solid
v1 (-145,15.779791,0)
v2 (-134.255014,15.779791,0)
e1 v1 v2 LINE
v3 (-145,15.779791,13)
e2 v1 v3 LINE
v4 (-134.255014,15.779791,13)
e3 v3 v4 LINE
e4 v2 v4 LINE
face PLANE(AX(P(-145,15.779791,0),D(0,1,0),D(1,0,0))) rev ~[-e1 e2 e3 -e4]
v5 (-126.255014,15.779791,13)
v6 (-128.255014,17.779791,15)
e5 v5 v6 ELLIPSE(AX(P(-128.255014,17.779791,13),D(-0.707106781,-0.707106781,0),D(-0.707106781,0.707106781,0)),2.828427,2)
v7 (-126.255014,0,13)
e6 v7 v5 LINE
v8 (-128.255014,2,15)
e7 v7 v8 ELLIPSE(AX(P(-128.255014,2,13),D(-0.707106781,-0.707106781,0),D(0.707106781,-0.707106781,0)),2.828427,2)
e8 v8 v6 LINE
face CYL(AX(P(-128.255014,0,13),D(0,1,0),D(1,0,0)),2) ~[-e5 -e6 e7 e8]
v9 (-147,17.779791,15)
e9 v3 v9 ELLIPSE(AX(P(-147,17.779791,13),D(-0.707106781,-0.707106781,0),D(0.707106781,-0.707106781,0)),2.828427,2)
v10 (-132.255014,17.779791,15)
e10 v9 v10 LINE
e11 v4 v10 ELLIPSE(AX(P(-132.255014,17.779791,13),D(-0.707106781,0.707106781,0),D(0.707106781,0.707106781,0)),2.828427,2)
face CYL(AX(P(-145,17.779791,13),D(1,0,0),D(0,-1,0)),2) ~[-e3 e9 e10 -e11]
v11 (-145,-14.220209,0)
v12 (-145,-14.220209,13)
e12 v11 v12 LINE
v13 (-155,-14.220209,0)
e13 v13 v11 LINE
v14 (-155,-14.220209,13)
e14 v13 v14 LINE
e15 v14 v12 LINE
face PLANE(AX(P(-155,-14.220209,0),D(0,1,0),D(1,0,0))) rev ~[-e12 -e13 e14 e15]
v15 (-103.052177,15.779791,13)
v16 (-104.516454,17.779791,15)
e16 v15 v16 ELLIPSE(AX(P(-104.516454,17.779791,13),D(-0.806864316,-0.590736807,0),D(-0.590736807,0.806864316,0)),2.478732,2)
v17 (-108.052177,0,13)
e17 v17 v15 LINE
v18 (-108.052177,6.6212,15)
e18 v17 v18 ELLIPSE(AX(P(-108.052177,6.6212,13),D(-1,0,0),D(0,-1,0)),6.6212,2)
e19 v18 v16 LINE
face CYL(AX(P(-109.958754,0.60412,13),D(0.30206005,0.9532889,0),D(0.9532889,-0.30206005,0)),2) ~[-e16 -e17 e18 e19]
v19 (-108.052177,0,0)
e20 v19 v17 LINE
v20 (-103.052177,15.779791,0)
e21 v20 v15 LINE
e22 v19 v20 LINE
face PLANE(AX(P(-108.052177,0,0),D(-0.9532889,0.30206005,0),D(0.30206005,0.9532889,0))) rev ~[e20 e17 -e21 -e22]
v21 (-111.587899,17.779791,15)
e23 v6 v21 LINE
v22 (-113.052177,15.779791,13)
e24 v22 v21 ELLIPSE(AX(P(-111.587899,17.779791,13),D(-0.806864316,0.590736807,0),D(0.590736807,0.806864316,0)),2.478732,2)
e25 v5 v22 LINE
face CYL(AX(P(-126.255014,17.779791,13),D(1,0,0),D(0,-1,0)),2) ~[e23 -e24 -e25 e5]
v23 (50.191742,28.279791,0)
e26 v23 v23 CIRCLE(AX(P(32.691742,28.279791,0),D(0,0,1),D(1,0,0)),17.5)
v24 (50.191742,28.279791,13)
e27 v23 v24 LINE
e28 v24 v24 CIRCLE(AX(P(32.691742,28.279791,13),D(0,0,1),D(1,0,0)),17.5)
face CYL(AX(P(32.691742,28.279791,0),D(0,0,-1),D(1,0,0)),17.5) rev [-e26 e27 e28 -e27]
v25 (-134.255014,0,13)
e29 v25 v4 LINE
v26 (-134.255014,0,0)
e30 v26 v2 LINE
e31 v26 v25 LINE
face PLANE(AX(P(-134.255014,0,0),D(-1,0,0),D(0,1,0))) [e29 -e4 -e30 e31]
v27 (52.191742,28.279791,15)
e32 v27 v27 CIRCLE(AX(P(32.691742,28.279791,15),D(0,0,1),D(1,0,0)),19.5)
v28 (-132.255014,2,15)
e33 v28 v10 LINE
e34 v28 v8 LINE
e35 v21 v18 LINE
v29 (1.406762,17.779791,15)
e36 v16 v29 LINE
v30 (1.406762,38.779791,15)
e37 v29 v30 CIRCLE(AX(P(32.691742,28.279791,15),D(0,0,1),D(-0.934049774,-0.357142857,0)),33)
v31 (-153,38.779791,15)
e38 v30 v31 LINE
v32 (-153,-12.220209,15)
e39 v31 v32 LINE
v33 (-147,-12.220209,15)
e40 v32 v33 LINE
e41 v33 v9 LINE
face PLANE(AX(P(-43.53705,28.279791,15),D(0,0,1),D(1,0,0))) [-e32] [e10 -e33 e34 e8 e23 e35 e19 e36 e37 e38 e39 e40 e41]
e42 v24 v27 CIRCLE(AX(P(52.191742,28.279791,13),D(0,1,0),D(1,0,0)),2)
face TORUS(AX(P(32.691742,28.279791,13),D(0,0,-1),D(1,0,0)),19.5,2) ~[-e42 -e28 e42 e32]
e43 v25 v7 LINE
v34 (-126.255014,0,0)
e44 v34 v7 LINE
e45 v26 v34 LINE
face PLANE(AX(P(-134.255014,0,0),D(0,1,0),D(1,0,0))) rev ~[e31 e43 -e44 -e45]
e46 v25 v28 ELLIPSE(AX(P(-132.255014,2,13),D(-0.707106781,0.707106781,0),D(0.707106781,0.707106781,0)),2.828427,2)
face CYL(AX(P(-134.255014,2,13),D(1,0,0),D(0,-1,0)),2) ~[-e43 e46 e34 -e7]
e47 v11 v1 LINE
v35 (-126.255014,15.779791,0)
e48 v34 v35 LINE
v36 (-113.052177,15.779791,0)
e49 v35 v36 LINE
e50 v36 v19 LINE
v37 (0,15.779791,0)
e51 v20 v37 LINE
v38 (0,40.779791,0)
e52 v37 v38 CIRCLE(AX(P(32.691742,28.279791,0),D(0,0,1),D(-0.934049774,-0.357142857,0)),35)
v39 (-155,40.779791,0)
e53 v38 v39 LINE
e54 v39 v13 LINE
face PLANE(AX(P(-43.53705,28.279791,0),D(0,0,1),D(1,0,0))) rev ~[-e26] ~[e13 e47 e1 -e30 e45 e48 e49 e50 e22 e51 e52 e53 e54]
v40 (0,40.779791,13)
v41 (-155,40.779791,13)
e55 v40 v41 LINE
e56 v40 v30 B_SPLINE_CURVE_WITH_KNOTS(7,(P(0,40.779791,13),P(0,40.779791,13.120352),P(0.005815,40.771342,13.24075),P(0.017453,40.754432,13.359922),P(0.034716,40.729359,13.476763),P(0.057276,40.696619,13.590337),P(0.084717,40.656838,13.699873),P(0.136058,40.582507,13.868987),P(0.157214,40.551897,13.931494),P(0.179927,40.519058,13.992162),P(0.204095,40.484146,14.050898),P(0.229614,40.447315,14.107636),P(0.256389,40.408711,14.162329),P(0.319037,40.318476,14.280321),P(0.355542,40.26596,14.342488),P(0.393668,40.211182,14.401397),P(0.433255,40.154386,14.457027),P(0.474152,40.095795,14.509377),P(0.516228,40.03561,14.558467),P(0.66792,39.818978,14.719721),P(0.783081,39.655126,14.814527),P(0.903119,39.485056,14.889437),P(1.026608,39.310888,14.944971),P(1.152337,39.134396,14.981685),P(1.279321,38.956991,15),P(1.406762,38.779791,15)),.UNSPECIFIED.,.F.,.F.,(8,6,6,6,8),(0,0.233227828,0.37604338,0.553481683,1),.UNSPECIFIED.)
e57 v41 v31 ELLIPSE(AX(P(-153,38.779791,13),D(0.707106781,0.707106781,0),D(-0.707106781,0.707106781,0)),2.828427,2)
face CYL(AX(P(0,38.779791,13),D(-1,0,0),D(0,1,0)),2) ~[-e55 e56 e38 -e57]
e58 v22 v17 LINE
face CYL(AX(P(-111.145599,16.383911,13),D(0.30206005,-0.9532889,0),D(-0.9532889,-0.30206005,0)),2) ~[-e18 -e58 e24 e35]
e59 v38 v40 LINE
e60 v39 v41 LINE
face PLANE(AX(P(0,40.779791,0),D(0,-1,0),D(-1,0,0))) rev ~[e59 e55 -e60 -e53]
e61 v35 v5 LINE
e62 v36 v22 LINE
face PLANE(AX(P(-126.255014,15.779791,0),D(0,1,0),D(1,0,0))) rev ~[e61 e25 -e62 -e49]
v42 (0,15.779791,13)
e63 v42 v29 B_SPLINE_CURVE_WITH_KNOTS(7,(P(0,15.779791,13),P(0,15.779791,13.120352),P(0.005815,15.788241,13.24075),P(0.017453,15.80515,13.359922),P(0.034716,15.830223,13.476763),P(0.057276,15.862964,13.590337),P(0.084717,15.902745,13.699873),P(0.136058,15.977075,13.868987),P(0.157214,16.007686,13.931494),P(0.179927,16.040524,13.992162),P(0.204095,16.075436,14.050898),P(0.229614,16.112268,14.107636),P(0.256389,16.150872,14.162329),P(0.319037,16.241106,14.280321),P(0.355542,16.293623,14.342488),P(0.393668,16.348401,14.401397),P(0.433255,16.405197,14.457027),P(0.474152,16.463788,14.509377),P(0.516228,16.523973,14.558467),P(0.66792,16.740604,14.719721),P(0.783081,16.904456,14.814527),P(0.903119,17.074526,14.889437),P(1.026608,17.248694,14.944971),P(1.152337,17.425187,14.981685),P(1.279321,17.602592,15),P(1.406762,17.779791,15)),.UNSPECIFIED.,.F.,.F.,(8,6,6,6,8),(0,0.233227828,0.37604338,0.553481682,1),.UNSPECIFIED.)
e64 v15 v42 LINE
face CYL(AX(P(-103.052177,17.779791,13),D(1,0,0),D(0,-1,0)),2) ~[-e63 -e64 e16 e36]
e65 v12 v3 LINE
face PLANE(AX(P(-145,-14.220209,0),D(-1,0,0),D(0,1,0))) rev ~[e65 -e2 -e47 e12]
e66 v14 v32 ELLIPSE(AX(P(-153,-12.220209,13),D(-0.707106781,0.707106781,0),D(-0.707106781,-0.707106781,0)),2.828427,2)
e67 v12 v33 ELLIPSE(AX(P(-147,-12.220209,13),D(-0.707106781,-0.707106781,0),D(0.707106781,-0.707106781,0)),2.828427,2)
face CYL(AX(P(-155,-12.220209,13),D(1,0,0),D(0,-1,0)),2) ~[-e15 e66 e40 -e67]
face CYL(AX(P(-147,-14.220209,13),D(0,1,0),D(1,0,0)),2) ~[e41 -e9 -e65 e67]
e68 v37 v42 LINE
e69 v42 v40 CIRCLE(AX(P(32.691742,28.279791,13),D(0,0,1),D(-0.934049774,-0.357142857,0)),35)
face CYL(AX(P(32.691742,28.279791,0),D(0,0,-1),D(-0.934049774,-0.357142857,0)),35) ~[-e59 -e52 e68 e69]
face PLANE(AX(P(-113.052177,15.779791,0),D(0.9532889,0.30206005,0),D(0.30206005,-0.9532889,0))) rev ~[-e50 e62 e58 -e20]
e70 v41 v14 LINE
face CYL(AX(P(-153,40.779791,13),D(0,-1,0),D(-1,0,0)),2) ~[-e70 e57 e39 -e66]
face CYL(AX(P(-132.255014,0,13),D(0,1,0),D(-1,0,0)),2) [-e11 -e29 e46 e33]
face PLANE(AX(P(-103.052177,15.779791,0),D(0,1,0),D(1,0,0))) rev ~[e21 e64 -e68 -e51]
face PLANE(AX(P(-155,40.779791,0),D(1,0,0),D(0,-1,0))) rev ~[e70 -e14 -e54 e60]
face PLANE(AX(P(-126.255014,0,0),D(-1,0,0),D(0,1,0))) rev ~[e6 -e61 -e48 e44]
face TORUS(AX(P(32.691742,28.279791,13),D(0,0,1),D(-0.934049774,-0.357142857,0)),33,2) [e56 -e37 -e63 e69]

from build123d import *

# Parameters (mm, degrees)
F0_R     = 17.5
F0_W     = 8
F0_H     = 15.7797911583
F0_W_2   = 10
F0_H_2   = 30
F1_DEPTH = 15
F2_R     = 2


with BuildPart() as f1:
    # F0 (on Top) → F1 (new body)
    with BuildSketch(Plane.XY):
        with BuildLine():
            Line((-103.0521765351, 15.7797911583), (0, 15.7797911583))
            ThreePointArc((0, 15.7797911583), (67.6917420766, 28.2797911583), (0, 40.7797911583))
            Line((0, 40.7797911583), (-155, 40.7797911583))
            Line((-155, 40.7797911583), (-155, 15.7797911583))
            Line((-155, 15.7797911583), (-145, 15.7797911583))
            Line((-145, 15.7797911583), (-134.25501436, 15.7797911583))
            Line((-134.25501436, 15.7797911583), (-126.25501436, 15.7797911583))
            Line((-126.25501436, 15.7797911583), (-113.0521765351, 15.7797911583))
            Line((-113.0521765351, 15.7797911583), (-103.0521765351, 15.7797911583))
        make_face()
        with Locations((32.6917420766, 28.2797911583)):
            Circle(F0_R, mode=Mode.SUBTRACT)
        Polygon((-108.0521765351, 0), (-103.0521765351, 15.7797911583), (-113.0521765351, 15.7797911583), align=None)
        with Locations((-130.25501436, 7.8898955792)):
            Rectangle(F0_W, F0_H)
        with Locations((-150, 0.7797911583)):
            Rectangle(F0_W_2, F0_H_2)
    extrude(amount=F1_DEPTH)

    # F2
    f2_edges = [f1.edges().sort_by_distance(p)[0] for p in [
        (-139.627507, 15.779791, 15),
        (-134.255014, 7.889896, 15),
        (-130.255014, 0, 15),
        (-126.255014, 7.889896, 15),
        (-119.653595, 15.779791, 15),
        (-110.552177, 7.889896, 15),
        (-105.552177, 7.889896, 15),
        (-51.526088, 15.779791, 15),
        (67.691742, 28.279791, 15),
        (-77.5, 40.779791, 15),
        (-155, 13.279791, 15),
        (-150, -14.220209, 15),
        (-145, 0.779791, 15),
        (15.191742, 28.279791, 15),
    ]]
    fillet(f2_edges, radius=F2_R)


solid = f1.part
